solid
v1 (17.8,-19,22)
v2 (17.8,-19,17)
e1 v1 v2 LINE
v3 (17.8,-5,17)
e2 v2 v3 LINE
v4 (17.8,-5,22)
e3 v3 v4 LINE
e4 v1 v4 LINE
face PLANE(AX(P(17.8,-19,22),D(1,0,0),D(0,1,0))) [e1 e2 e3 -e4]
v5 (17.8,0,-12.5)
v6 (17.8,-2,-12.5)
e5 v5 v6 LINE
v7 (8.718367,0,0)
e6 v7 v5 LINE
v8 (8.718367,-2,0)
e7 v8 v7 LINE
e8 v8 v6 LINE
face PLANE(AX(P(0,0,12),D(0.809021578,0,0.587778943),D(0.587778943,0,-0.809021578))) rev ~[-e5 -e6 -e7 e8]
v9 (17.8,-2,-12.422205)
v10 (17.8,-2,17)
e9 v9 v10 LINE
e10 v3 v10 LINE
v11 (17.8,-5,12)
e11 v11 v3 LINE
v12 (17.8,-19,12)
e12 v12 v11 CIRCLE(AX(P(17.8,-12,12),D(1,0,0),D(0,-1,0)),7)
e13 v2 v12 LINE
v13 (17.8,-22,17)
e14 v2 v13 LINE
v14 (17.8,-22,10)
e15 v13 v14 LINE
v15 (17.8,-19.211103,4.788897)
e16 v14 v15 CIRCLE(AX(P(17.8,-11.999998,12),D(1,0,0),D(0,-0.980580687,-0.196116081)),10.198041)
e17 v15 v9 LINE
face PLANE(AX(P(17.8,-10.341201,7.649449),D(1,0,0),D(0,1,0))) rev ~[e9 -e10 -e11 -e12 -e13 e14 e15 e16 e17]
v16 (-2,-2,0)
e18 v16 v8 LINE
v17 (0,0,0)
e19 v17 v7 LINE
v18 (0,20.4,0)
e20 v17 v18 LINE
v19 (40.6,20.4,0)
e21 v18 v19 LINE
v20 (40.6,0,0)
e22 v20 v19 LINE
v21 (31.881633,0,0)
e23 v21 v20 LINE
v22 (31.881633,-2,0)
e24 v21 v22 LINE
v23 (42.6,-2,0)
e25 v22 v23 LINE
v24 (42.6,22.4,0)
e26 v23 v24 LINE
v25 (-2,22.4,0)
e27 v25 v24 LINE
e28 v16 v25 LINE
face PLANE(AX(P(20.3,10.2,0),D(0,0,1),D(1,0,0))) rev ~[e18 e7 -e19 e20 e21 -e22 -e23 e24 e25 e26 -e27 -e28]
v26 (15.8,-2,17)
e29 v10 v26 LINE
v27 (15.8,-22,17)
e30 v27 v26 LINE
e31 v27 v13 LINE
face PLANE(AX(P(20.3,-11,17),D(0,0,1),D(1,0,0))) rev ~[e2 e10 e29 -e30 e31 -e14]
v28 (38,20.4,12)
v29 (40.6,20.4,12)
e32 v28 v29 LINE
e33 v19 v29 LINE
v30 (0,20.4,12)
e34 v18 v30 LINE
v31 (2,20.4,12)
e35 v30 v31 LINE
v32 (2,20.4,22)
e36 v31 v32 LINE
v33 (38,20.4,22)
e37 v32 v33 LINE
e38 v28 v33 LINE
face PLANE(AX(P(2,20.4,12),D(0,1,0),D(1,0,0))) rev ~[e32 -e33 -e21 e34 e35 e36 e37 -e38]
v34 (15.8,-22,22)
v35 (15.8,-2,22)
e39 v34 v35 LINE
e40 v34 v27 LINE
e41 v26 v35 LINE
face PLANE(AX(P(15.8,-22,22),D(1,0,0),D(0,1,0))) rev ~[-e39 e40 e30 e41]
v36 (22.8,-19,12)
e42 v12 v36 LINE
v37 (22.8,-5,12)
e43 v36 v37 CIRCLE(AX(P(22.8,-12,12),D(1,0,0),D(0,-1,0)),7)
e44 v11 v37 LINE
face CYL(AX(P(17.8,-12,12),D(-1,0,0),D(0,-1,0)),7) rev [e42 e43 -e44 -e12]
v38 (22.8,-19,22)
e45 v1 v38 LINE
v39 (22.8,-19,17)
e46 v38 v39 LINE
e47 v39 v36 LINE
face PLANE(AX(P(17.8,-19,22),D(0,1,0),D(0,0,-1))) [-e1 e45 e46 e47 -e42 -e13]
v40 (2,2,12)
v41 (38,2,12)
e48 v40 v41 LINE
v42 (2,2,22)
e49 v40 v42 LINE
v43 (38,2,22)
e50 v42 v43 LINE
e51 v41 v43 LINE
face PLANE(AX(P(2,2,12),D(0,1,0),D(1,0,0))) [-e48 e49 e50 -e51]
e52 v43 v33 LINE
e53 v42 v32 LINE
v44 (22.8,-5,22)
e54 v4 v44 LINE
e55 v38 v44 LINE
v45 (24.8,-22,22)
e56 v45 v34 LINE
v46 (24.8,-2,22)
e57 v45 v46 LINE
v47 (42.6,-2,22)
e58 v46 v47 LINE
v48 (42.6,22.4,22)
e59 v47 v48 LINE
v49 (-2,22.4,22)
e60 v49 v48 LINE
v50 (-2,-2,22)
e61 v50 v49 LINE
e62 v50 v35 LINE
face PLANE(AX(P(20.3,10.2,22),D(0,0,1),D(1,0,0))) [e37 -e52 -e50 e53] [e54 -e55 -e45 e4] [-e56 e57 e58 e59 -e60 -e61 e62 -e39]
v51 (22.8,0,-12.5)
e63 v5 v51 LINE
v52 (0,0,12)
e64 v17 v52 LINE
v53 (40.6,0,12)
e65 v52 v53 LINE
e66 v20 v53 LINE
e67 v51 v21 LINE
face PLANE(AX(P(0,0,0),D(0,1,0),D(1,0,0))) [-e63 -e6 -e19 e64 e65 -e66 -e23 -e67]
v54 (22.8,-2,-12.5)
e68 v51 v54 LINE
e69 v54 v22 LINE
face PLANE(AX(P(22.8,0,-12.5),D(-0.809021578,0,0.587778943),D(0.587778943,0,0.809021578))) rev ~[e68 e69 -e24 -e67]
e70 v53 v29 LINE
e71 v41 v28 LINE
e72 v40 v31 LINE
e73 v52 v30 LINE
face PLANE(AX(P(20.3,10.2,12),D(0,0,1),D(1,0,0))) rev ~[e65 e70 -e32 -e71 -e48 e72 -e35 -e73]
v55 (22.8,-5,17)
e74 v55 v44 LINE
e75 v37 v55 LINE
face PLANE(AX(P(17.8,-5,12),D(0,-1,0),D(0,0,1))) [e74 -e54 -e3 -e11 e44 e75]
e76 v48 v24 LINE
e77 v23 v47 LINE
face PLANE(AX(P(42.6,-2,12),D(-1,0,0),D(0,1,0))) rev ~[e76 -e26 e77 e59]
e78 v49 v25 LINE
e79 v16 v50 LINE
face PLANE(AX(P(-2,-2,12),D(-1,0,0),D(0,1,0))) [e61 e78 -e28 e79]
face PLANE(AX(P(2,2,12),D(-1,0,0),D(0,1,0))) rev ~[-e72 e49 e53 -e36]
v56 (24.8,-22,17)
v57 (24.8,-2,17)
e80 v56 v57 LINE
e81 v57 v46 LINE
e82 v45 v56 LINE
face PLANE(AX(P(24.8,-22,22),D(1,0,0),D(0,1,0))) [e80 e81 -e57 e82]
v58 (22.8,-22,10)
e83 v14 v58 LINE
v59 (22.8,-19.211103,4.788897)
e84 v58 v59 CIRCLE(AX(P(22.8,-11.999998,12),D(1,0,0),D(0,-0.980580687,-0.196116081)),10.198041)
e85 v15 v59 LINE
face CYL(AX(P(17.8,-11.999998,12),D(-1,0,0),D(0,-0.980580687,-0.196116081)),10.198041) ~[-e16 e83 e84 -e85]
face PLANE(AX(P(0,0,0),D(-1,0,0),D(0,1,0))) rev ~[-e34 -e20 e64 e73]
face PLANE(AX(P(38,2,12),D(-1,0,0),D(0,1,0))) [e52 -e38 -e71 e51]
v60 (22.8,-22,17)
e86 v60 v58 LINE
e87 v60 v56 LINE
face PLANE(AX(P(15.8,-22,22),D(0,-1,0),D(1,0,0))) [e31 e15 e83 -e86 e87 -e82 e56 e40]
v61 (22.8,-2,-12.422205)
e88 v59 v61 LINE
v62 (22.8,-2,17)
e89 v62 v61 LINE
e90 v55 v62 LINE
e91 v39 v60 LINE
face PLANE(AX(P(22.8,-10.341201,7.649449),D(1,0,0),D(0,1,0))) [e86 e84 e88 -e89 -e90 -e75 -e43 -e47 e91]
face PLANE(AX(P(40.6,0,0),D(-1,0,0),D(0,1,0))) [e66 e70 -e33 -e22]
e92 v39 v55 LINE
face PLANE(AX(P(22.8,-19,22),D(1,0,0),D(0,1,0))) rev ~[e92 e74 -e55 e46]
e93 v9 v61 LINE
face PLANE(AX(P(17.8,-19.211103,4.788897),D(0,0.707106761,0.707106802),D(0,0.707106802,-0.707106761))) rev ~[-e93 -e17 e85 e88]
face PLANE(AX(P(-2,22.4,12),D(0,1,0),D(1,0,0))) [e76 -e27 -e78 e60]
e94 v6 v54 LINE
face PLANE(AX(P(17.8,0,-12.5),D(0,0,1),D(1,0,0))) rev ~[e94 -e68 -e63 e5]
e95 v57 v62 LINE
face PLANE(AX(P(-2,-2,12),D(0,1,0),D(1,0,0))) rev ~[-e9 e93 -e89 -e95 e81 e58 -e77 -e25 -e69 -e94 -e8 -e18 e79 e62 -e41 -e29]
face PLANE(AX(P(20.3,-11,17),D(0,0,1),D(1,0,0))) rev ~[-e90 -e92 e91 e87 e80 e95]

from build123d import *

# Parameters (mm, degrees)
SKETCH002_W   = 44.6
SKETCH002_H   = 24.4
SKETCH002_W_2 = 40.6
SKETCH002_H_2 = 20.4
PAD001_DEPTH  = 12
PAD003_DEPTH  = 2
PAD_DEPTH     = 5
SKETCH005_W   = 9
SKETCH005_H   = 22
SKETCH005_W_2 = 5
SKETCH005_H_2 = 17
PAD004_DEPTH  = 5
SKETCH012_W   = 44.6
SKETCH012_H   = 24.4
SKETCH012_W_2 = 36
SKETCH012_H_2 = 18.4
PAD011_DEPTH  = 10


with BuildPart() as part:
    # Sketch002 → Pad001 (new body)
    with BuildSketch(Plane.XY):
        with Locations((20.3, 10.2)):
            Rectangle(SKETCH002_W, SKETCH002_H)
        with Locations((20.3, 10.2)):
            Rectangle(SKETCH002_W_2, SKETCH002_H_2, mode=Mode.SUBTRACT)
    extrude(amount=PAD001_DEPTH)

    # Sketch004 → Pad003 (join)
    with BuildSketch(Plane.XZ):
        Polygon((0, 12), (17.8, -12.5), (22.8, -12.5), (40.6, 12), align=None)
    extrude(amount=PAD003_DEPTH)

    # Sketch → Pad (join)
    with BuildSketch(Plane(origin=(17.8, 0, 10), x_dir=(0, 1, 0), z_dir=(1, 0, 0))):
        with BuildLine():
            Line((-22, 12), (-22, 0))
            ThreePointArc((-22, 0), (-20.991352, -2.812026), (-19.211103, -5.211103))
            Line((-19.211103, -5.211103), (-2, -22.422205))
            Line((-2, -22.422205), (-2, 2))
            Line((-2, 12), (-2, 2))
            Line((-5, 12), (-2, 12))
            Line((-5, 2), (-5, 12))
            ThreePointArc((-19, 2), (-12, -5), (-5, 2))
            Line((-19, 12), (-19, 2))
            Line((-22, 12), (-19, 12))
        make_face()
    extrude(amount=PAD_DEPTH)

    # Sketch005 → Pad004 (join)
    with BuildSketch(Plane(origin=(17.8, 0, 22), x_dir=(1, 0, 0), z_dir=(0, 0, 1))):
        with Locations((2.5, -11)):
            Rectangle(SKETCH005_W, SKETCH005_H)
        with Locations((2.5, -10.5)):
            Rectangle(SKETCH005_W_2, SKETCH005_H_2, mode=Mode.SUBTRACT)
    extrude(amount=-PAD004_DEPTH)

    # Sketch012 → Pad011 (join)
    with BuildSketch(Plane.XY.offset(12)):
        with Locations((20.3, 10.2)):
            Rectangle(SKETCH012_W, SKETCH012_H)
        with Locations((20, 11.2)):
            Rectangle(SKETCH012_W_2, SKETCH012_H_2, mode=Mode.SUBTRACT)
    extrude(amount=PAD011_DEPTH)


solid = part.part
